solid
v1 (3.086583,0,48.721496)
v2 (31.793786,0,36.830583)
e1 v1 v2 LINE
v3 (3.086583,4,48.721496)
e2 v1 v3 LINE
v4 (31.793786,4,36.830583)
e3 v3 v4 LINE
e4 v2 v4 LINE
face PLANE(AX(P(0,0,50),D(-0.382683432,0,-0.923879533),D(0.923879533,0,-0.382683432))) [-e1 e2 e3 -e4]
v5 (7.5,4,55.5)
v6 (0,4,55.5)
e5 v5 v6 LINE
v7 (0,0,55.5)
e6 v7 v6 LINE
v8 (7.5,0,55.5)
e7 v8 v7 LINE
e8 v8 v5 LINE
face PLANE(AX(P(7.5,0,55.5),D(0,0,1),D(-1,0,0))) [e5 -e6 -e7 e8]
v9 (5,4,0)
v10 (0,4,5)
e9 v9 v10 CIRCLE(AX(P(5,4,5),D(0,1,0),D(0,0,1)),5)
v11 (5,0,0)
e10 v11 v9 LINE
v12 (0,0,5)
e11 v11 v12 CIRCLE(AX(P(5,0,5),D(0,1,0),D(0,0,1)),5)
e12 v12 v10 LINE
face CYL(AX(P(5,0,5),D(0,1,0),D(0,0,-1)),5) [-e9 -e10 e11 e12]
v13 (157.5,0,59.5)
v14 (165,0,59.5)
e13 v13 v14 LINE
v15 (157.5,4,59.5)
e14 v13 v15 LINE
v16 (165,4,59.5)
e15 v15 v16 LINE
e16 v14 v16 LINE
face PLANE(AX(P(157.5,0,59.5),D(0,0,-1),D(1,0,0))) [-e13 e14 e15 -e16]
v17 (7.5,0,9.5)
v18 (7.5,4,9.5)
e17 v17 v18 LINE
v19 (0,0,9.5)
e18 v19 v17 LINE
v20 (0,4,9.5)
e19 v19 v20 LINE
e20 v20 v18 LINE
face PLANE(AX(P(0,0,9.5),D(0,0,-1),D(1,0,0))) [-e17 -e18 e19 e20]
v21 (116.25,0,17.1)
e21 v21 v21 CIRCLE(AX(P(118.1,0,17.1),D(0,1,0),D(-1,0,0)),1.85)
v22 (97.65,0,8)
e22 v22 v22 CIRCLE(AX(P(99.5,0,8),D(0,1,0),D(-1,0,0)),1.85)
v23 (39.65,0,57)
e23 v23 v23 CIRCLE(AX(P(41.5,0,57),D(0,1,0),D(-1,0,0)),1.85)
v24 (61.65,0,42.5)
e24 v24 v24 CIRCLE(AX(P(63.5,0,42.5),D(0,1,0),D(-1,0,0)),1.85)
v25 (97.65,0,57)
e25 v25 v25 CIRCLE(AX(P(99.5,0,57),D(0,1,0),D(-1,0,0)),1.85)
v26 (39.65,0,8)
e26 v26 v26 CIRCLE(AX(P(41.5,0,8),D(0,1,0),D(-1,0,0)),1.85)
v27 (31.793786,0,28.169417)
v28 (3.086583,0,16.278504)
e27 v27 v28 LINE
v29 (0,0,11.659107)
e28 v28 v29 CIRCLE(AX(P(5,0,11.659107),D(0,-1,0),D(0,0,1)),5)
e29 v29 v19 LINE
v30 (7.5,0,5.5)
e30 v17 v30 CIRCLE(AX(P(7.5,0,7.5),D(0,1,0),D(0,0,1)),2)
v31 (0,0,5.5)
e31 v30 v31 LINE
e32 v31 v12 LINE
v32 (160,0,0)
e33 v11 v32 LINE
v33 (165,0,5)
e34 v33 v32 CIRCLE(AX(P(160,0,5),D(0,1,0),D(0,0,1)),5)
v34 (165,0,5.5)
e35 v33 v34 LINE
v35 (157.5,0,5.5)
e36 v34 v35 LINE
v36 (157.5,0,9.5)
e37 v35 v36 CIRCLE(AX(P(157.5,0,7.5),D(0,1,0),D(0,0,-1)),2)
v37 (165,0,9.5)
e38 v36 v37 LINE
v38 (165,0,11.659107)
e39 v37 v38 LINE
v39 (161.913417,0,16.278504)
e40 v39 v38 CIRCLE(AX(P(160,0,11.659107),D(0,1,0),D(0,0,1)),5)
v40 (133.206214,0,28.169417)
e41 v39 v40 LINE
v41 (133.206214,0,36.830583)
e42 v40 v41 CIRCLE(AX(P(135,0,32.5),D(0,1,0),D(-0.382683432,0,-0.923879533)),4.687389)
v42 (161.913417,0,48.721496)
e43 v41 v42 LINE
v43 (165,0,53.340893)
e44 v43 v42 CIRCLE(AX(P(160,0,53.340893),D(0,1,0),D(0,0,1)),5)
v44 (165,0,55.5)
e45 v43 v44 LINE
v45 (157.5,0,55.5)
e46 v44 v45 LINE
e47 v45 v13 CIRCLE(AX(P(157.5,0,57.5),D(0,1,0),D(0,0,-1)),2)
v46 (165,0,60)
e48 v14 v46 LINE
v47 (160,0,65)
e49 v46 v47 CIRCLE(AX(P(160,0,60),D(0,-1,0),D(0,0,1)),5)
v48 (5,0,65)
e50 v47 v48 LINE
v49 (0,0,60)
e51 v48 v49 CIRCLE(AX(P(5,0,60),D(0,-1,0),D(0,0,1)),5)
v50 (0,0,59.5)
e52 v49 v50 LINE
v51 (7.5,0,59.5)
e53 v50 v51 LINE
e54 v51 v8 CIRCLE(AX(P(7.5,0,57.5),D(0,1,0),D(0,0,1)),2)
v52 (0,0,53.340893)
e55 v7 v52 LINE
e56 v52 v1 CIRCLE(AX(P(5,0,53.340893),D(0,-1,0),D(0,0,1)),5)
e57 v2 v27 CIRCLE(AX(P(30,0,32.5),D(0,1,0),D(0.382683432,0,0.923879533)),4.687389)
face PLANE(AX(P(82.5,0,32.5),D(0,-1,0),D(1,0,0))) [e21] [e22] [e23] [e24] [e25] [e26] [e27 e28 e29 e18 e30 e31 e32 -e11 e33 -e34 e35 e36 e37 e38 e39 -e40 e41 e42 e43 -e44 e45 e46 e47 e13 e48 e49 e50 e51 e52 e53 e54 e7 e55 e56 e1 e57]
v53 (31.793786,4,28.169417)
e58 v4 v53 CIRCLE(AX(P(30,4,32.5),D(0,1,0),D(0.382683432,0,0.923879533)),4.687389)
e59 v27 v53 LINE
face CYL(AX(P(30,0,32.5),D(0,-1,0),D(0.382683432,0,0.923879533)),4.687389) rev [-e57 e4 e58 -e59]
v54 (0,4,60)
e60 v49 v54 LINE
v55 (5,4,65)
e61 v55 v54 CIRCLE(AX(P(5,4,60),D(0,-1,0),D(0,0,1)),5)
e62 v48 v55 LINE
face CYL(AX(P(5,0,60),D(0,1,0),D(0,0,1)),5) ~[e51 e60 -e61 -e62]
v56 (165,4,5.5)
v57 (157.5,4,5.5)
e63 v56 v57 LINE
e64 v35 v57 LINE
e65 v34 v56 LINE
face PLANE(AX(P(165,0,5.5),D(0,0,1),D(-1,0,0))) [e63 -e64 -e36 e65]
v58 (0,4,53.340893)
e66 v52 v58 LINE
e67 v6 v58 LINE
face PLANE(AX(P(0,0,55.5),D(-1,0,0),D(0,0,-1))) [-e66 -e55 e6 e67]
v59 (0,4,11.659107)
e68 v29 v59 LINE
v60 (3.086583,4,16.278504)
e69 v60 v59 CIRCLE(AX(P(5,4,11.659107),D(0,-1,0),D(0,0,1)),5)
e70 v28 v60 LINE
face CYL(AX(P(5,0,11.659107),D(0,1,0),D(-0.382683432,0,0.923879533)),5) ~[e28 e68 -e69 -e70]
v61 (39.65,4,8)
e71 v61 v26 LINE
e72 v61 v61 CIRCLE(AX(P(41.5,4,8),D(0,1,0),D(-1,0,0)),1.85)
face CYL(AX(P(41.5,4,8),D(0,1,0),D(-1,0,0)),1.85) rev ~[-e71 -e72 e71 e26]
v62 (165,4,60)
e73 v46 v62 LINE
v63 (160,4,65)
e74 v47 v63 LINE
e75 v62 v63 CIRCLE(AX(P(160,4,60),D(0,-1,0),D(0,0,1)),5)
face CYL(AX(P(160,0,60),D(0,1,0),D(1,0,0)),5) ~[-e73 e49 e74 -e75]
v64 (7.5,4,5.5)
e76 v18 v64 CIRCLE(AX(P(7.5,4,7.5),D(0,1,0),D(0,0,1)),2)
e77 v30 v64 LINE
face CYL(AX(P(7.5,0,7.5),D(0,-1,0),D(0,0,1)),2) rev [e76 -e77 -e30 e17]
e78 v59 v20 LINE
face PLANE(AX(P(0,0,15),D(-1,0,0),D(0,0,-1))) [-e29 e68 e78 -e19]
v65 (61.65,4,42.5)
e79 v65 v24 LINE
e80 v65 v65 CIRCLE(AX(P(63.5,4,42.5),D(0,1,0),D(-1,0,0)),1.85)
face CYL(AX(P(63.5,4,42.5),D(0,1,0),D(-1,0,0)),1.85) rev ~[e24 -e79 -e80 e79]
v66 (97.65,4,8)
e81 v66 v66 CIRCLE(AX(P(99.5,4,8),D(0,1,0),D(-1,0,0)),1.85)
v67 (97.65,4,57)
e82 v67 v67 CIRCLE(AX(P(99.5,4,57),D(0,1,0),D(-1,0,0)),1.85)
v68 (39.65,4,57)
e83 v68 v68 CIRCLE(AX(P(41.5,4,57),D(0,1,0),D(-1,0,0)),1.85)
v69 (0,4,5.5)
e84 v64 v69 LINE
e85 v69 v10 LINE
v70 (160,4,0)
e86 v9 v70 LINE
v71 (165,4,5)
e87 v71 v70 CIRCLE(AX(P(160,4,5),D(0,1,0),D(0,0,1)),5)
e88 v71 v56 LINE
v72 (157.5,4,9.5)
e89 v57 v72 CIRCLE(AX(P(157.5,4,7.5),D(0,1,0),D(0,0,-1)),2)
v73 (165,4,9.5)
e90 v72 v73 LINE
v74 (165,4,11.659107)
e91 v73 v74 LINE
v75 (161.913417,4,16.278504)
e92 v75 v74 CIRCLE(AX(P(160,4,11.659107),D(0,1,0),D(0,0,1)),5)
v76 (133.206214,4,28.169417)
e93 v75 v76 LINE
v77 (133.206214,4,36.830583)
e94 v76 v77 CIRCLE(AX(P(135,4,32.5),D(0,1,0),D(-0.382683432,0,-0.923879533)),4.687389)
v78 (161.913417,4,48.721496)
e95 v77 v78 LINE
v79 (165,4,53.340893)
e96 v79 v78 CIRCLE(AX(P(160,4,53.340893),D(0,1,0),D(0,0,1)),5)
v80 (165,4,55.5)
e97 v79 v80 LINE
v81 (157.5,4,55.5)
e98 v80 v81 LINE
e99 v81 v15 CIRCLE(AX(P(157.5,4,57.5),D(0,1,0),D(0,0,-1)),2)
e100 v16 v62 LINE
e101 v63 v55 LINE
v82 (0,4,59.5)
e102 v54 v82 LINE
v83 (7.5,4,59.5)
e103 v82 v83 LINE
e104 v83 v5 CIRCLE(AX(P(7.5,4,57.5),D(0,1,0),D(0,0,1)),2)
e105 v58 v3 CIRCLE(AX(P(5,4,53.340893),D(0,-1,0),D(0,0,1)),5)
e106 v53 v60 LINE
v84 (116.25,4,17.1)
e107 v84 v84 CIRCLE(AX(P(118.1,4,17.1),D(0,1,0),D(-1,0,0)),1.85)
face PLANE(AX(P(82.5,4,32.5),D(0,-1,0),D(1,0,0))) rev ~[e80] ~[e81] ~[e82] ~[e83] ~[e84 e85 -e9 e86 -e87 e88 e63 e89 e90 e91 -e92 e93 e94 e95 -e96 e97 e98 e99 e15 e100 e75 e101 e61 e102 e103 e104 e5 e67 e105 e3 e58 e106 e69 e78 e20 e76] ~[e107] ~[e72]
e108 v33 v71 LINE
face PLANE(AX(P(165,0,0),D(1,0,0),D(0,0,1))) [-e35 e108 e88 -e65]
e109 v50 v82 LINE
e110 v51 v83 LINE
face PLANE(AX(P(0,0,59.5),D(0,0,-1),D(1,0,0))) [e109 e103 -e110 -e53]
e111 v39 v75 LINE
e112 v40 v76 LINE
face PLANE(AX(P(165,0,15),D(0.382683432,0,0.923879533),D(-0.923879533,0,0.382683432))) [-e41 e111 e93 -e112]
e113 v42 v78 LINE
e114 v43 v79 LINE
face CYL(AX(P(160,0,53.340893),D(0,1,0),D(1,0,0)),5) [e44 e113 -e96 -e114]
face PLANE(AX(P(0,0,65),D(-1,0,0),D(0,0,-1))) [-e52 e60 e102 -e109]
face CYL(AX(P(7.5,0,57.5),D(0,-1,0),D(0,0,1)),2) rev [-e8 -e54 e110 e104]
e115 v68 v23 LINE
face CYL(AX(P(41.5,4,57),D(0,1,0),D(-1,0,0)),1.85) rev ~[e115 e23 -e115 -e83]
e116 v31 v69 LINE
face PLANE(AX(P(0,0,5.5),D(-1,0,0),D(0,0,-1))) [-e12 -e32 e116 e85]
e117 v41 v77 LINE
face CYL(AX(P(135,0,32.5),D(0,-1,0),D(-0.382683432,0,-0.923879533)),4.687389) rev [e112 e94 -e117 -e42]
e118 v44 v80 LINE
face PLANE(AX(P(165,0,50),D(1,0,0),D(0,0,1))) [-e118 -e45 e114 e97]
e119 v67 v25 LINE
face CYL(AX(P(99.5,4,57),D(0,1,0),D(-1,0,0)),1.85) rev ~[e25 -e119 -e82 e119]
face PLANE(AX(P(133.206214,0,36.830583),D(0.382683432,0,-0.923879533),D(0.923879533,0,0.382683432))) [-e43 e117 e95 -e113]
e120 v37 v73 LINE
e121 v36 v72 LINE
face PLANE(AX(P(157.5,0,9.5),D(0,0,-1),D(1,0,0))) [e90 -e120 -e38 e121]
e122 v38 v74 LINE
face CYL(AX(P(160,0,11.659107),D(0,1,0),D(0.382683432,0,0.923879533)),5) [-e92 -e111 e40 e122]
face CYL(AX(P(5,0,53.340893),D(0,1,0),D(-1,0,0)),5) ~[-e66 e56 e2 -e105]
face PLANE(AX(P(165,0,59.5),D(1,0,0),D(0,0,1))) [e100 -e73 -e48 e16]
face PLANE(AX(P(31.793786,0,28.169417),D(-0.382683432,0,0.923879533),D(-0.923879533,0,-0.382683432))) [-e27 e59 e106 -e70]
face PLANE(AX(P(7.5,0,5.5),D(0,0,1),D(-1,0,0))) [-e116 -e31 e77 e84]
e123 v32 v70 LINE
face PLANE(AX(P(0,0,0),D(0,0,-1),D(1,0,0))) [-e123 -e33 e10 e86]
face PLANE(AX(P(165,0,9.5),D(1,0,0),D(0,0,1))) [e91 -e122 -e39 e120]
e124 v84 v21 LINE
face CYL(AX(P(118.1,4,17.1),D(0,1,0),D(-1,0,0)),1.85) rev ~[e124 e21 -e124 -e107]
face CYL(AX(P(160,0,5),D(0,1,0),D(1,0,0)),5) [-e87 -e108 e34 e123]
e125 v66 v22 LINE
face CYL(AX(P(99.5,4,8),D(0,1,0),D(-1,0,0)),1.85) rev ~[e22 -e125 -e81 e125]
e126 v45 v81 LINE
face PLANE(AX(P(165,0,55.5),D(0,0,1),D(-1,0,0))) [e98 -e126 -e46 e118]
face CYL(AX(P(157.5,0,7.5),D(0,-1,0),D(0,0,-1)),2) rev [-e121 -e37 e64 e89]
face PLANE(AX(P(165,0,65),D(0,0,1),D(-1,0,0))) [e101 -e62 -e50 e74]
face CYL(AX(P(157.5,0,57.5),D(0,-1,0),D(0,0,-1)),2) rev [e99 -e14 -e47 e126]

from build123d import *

# Parameters (mm, degrees)
SALIENTE_EXTRUIR1_DEPTH = 4
CROQUIS3_R              = 1.85
CORTAR_EXTRUIR1_DEPTH   = 5
REDONDEO1_R             = 5


with BuildPart() as part:
    # Croquis2 → Saliente-Extruir1 (new body)
    with BuildSketch(Plane(origin=(0, 0, -2.539999962), x_dir=(-1, 0, 0), z_dir=(0, 1, 0))):
        with BuildLine():
            Line((-157.5, 62.039999962), (-165, 62.039999962))
            Line((-165, 62.039999962), (-165, 67.539999962))
            Line((-165, 67.539999962), (0, 67.539999962))
            Line((0, 67.539999962), (0, 62.039999962))
            Line((0, 62.039999962), (-7.5, 62.039999962))
            ThreePointArc((-7.5, 62.039999962), (-9.5, 60.039999962), (-7.5, 58.039999962))
            Line((-7.5, 58.039999962), (0, 58.039999962))
            Line((0, 58.039999962), (0, 52.539999962))
            Line((0, 52.539999962), (-31.793786053, 39.370582579))
            ThreePointArc((-31.793786053, 39.370582579), (-34.687388848, 35.039999962), (-31.793786053, 30.709417344))
            Line((-31.793786053, 30.709417344), (0, 17.539999962))
            Line((0, 17.539999962), (0, 12.039999962))
            Line((0, 12.039999962), (-7.5, 12.039999962))
            ThreePointArc((-7.5, 12.039999962), (-9.5, 10.039999962), (-7.5, 8.039999962))
            Line((-7.5, 8.039999962), (0, 8.039999962))
            Line((0, 8.039999962), (0, 2.539999962))
            Line((0, 2.539999962), (-165, 2.539999962))
            Line((-165, 2.539999962), (-165, 8.039999962))
            Line((-165, 8.039999962), (-157.5, 8.039999962))
            ThreePointArc((-157.5, 8.039999962), (-155.5, 10.039999962), (-157.5, 12.039999962))
            Line((-157.5, 12.039999962), (-165, 12.039999962))
            Line((-165, 12.039999962), (-165, 17.539999962))
            Line((-165, 17.539999962), (-133.206213947, 30.709417344))
            ThreePointArc((-133.206213947, 30.709417344), (-130.312611152, 35.039999962), (-133.206213947, 39.370582579))
            Line((-133.206213947, 39.370582579), (-165, 52.539999962))
            Line((-165, 52.539999962), (-165, 58.039999962))
            Line((-165, 58.039999962), (-157.5, 58.039999962))
            ThreePointArc((-157.5, 58.039999962), (-155.5, 60.039999962), (-157.5, 62.039999962))
        make_face()
    extrude(amount=SALIENTE_EXTRUIR1_DEPTH)

    # Croquis3 → Cortar-Extruir1 (cut, through all)
    with BuildSketch(Plane(origin=(0, 4, 0), x_dir=(-1, 0, 0), z_dir=(0, 1, 0))):
        with Locations((-99.5, 57)):
            Circle(CROQUIS3_R)
        with Locations((-41.5, 57)):
            Circle(CROQUIS3_R)
        with Locations((-41.5, 8)):
            Circle(CROQUIS3_R)
        with Locations((-99.5, 8)):
            Circle(CROQUIS3_R)
        with Locations((-63.5, 42.5)):
            Circle(CROQUIS3_R)
        with Locations((-118.1, 17.1)):
            Circle(CROQUIS3_R)
    extrude(amount=-CORTAR_EXTRUIR1_DEPTH, mode=Mode.SUBTRACT)

    # Redondeo1
    redondeo1_edges = [part.edges().sort_by_distance(p)[0] for p in [
        (165, 2, 65),
        (0, 2, 65),
        (0, 2, 50),
        (0, 2, 15),
        (0, 2, 0),
        (165, 2, 0),
        (165, 2, 15),
        (165, 2, 50),
    ]]
    fillet(redondeo1_edges, radius=REDONDEO1_R)


solid = part.part
